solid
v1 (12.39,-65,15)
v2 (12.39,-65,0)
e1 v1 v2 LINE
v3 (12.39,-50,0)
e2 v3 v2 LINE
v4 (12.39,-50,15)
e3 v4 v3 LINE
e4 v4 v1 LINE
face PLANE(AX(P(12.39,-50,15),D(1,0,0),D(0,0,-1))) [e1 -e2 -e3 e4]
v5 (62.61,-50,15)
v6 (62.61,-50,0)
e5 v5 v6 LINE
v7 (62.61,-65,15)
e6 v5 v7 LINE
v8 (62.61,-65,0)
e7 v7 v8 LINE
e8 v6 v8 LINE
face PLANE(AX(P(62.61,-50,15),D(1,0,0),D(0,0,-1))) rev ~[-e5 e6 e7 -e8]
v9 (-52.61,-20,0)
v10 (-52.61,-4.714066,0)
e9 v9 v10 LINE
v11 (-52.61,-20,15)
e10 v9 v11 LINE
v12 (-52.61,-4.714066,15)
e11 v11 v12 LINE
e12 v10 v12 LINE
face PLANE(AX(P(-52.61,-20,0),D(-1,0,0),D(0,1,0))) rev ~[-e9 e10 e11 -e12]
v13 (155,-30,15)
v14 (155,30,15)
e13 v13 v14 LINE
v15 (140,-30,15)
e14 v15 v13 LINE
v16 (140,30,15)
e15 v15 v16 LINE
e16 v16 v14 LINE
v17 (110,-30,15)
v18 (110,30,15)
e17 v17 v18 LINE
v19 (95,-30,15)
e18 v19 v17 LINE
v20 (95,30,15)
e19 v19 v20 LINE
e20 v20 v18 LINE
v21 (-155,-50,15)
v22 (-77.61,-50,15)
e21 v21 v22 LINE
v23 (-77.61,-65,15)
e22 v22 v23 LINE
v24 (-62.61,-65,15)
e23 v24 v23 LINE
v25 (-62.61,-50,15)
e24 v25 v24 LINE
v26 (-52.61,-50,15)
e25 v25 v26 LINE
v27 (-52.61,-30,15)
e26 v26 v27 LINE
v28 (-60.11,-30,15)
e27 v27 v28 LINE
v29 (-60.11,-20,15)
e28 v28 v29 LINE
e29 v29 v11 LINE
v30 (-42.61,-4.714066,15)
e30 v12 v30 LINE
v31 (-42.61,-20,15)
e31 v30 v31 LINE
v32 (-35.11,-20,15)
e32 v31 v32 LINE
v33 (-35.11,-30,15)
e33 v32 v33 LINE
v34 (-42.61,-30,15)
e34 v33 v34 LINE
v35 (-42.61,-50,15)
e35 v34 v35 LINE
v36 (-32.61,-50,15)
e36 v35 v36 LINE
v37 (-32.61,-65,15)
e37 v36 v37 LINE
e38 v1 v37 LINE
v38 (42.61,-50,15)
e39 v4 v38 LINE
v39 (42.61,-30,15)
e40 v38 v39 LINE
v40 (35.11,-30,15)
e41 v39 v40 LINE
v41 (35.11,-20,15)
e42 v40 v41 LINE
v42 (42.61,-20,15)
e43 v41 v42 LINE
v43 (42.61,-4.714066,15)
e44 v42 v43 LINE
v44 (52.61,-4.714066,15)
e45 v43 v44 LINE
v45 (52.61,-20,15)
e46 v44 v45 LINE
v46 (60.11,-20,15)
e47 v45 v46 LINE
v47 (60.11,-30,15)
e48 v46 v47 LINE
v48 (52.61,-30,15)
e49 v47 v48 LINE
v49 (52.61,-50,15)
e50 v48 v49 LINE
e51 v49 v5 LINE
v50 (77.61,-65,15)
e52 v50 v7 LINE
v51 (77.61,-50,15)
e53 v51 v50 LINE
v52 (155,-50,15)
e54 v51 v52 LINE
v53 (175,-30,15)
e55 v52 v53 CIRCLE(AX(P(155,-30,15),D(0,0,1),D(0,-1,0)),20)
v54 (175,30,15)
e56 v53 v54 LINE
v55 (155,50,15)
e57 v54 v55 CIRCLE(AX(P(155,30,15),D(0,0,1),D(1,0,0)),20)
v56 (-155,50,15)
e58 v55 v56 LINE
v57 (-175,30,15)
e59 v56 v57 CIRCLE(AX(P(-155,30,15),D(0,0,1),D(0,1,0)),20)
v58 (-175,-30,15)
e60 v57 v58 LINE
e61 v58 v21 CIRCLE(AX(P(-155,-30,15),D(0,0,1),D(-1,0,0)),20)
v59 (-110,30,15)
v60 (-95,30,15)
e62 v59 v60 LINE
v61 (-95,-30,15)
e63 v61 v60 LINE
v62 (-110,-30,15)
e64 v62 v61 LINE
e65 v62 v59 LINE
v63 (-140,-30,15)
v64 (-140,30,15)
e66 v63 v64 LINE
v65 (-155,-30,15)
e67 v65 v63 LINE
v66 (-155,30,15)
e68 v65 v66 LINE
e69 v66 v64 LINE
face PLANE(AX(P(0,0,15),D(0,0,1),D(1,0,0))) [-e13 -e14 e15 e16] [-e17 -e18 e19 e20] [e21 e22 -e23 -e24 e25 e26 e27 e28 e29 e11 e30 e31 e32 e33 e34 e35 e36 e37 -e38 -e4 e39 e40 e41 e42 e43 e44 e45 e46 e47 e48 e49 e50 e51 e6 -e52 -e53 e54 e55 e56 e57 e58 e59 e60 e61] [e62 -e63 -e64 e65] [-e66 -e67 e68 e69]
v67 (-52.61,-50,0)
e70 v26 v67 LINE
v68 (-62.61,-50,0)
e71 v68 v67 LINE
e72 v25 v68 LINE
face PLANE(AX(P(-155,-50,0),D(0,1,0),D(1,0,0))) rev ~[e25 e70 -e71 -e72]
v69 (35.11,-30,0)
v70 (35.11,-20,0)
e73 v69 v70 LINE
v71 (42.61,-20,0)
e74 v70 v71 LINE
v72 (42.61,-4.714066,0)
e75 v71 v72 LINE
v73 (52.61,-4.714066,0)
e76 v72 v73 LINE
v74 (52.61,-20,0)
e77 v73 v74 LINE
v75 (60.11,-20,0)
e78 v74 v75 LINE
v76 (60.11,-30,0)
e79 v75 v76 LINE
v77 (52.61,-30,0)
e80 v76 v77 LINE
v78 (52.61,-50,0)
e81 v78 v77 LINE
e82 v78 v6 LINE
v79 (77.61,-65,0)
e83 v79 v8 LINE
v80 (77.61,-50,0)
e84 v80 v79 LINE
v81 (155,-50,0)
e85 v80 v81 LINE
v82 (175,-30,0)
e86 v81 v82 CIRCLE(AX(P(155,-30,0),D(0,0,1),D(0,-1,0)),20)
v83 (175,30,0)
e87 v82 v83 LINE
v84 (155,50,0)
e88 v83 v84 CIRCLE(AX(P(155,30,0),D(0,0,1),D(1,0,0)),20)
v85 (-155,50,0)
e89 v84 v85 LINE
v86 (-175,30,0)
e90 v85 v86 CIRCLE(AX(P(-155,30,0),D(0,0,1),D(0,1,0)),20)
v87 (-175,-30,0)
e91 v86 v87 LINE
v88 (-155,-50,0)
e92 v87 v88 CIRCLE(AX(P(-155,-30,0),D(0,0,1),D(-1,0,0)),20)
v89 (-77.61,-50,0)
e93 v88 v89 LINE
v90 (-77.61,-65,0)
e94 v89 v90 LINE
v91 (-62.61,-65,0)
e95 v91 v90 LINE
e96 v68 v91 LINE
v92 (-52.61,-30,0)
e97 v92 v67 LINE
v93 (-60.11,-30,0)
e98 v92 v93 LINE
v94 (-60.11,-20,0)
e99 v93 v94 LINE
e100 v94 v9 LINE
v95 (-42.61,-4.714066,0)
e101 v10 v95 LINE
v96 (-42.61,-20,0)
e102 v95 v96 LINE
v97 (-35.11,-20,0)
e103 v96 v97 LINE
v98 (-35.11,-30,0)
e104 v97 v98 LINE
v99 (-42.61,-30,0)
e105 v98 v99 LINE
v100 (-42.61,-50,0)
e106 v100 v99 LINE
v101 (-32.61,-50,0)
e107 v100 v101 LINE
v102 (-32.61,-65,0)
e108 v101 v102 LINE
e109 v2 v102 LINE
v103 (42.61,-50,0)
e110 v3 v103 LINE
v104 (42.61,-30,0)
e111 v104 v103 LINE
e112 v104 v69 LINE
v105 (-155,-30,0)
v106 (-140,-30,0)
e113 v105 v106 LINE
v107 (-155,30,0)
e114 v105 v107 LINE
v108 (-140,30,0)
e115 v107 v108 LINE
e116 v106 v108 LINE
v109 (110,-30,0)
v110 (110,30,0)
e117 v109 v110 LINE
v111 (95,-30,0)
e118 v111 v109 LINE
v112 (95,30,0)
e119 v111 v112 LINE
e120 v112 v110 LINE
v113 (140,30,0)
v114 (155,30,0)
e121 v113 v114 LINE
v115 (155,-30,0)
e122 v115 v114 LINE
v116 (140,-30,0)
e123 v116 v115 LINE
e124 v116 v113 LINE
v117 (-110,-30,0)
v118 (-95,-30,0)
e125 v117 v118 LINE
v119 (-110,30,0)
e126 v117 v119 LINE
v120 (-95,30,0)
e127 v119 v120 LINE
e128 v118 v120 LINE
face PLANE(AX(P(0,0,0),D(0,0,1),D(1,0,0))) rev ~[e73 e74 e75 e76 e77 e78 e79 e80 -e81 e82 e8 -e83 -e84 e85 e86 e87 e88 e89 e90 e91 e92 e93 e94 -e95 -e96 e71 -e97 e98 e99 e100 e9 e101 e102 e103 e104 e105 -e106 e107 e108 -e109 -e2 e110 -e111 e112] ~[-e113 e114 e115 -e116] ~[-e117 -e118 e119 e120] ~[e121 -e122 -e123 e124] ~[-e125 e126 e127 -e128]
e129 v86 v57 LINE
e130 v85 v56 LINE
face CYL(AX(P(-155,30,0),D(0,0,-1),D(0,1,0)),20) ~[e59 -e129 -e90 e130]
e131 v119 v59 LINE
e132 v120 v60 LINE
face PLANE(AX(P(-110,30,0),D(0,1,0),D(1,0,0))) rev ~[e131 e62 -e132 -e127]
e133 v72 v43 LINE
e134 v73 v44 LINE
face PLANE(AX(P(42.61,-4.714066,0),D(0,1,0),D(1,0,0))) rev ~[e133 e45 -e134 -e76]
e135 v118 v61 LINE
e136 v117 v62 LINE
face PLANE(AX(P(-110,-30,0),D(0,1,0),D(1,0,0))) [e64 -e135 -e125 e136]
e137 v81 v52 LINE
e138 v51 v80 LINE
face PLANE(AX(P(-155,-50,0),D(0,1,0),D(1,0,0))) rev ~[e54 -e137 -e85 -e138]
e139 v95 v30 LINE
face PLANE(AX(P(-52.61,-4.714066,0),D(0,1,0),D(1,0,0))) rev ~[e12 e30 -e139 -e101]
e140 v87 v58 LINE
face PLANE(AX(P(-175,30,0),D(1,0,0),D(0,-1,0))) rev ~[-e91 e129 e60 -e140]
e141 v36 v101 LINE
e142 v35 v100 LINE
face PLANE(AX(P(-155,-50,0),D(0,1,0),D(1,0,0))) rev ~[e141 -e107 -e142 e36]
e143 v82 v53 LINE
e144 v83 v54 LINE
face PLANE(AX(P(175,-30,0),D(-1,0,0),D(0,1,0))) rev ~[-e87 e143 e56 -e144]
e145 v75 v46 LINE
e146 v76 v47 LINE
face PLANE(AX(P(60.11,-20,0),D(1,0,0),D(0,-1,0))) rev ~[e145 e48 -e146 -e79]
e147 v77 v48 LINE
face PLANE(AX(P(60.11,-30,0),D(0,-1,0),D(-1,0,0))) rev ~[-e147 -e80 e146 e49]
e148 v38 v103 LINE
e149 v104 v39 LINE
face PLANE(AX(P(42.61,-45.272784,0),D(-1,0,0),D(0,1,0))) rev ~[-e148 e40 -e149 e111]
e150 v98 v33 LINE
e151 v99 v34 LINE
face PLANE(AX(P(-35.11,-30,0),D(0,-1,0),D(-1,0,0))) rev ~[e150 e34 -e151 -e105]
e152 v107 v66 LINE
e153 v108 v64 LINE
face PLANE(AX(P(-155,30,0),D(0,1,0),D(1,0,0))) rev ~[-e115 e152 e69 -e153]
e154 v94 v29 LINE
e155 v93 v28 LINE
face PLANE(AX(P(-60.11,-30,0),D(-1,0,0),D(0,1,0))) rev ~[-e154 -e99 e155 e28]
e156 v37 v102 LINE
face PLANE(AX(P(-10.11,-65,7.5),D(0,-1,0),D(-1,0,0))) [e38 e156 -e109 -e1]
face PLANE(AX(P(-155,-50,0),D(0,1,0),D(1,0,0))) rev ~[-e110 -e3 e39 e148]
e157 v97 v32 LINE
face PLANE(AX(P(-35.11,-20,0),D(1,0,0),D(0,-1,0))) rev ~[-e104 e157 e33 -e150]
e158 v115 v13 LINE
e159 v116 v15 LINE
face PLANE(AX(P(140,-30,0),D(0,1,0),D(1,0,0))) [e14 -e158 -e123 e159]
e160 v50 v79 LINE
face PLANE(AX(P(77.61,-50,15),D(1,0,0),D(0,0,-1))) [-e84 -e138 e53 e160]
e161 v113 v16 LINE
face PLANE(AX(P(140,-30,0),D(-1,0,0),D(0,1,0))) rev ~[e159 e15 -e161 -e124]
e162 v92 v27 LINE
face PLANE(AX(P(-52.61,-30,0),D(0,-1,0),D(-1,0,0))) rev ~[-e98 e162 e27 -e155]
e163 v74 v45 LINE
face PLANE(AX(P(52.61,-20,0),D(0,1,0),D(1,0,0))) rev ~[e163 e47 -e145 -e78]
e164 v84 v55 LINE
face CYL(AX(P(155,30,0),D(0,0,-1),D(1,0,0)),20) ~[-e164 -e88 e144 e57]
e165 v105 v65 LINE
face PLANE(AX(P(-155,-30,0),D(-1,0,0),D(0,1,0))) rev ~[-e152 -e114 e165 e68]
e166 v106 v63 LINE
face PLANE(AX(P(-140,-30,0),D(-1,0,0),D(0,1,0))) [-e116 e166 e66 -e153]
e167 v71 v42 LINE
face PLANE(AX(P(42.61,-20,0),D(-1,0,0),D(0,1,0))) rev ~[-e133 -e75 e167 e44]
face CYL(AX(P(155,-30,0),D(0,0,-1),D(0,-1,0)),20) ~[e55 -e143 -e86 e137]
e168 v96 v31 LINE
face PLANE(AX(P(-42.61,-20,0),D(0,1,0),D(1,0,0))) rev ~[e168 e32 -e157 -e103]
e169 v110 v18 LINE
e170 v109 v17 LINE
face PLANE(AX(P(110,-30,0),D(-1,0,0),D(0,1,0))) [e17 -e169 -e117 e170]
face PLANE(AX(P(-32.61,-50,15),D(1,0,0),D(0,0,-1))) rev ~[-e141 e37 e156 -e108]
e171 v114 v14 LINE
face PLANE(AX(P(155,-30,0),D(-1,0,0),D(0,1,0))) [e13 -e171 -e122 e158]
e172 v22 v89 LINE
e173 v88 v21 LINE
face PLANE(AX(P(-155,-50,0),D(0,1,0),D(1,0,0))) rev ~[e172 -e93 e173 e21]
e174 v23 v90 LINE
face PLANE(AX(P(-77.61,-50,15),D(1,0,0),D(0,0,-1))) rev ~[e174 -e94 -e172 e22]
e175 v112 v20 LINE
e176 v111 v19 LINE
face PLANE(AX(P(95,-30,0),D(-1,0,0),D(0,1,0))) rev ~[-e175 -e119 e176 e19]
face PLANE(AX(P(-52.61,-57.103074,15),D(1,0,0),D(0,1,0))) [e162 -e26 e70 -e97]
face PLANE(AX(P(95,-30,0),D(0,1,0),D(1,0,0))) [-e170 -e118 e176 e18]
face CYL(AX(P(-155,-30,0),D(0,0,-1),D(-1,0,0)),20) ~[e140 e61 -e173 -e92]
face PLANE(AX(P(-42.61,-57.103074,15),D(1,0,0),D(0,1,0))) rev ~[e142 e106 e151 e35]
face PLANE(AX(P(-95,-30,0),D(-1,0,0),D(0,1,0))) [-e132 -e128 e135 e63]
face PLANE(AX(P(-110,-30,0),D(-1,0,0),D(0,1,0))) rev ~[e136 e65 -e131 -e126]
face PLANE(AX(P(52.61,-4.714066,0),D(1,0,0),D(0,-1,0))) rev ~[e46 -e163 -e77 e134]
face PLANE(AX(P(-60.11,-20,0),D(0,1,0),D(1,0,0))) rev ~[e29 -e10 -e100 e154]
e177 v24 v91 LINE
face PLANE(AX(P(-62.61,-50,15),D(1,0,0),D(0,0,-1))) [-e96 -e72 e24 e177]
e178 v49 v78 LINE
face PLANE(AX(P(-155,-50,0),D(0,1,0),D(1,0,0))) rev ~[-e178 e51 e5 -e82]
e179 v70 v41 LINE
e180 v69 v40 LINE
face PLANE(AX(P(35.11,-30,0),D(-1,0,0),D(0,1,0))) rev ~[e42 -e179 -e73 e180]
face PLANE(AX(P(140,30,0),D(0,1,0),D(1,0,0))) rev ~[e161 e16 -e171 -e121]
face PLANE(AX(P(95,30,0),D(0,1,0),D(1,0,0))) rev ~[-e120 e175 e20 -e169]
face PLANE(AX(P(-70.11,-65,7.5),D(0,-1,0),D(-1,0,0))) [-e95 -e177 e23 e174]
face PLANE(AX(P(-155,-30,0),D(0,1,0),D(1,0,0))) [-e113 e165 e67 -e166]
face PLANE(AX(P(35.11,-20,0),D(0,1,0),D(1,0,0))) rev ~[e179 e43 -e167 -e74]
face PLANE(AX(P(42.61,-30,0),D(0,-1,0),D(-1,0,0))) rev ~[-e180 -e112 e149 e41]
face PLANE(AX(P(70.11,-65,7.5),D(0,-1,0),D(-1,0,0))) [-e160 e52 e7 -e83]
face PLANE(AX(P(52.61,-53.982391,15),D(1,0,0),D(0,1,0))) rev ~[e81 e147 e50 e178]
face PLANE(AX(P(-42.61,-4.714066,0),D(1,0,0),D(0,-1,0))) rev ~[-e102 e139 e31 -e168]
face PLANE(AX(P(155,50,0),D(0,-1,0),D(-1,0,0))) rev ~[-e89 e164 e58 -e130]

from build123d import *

# Parameters (mm, degrees)
ESQUISSE1_W             = 15
ESQUISSE1_H             = 60
BOSS_EXTRU_1_DEPTH      = 15
ESQUISSE2_W             = 10
ESQUISSE2_H             = 8.70960714
ESQUISSE2_H_2           = 11.830290252
ENL_V_MAT_EXTRU_1_DEPTH = 183.619823677
ESQUISSE3_W             = 15
ESQUISSE3_H             = 15
ESQUISSE3_W_2           = 45
BOSS_EXTRU_2_DEPTH      = 15


with BuildPart() as part:
    # Esquisse1 → Boss.-Extru.1 (new body)
    with BuildSketch(Plane.XY):
        with BuildLine():
            ThreePointArc((-175, -30), (-169.142135624, -44.142135624), (-155, -50))
            Line((-155, -50), (155, -50))
            ThreePointArc((155, -50), (169.142135624, -44.142135624), (175, -30))
            Line((175, -30), (175, 30))
            ThreePointArc((175, 30), (169.142135624, 44.142135624), (155, 50))
            Line((155, 50), (-155, 50))
            ThreePointArc((-155, 50), (-169.142135624, 44.142135624), (-175, 30))
            Line((-175, 30), (-175, -30))
        make_face()
        with Locations((-147.5, 0)):
            Rectangle(ESQUISSE1_W, ESQUISSE1_H, mode=Mode.SUBTRACT)
        Polygon((-52.61, -30), (-60.11, -30), (-60.11, -20), (-52.61, -20), (-52.61, -4.714066344), (-42.61, -4.714066344), (-42.61, -20), (-35.11, -20), (-35.11, -30), (-42.61, -30), (-42.61, -45.27278392), (-52.61, -45.27278392), align=None, mode=Mode.SUBTRACT)
        Polygon((42.61, -30), (35.11, -30), (35.11, -20), (42.61, -20), (42.61, -4.714066344), (52.61, -4.714066344), (52.61, -20), (60.11, -20), (60.11, -30), (52.61, -30), (52.61, -45.27278392), (42.61, -45.27278392), align=None, mode=Mode.SUBTRACT)
        with Locations((-102.5, 0)):
            Rectangle(ESQUISSE1_W, ESQUISSE1_H, mode=Mode.SUBTRACT)
        with Locations((102.5, 0)):
            Rectangle(ESQUISSE1_W, ESQUISSE1_H, mode=Mode.SUBTRACT)
        with Locations((147.5, 0)):
            Rectangle(ESQUISSE1_W, ESQUISSE1_H, mode=Mode.SUBTRACT)
    extrude(amount=BOSS_EXTRU_1_DEPTH)

    # Esquisse2 → Enlèv. mat.-Extru.1 (cut, through all)
    with BuildSketch(Plane.XY.offset(15)):
        with Locations((47.61, -49.62758749)):
            Rectangle(ESQUISSE2_W, ESQUISSE2_H)
        with Locations((-47.61, -51.187929046)):
            Rectangle(ESQUISSE2_W, ESQUISSE2_H_2)
    extrude(amount=-ENL_V_MAT_EXTRU_1_DEPTH, mode=Mode.SUBTRACT)

    # Esquisse3 → Boss.-Extru.2 (add)
    with BuildSketch(Plane(origin=(0, -50, 0), x_dir=(-1, 0, 0), z_dir=(0, -1, 0))):
        with Locations((-70.11, -7.5)):
            Rectangle(ESQUISSE3_W, ESQUISSE3_H)
        with Locations((10.11, -7.5)):
            Rectangle(ESQUISSE3_W_2, ESQUISSE3_H)
        with Locations((70.11, -7.5)):
            Rectangle(ESQUISSE3_W, ESQUISSE3_H)
    extrude(amount=BOSS_EXTRU_2_DEPTH)


solid = part.part
